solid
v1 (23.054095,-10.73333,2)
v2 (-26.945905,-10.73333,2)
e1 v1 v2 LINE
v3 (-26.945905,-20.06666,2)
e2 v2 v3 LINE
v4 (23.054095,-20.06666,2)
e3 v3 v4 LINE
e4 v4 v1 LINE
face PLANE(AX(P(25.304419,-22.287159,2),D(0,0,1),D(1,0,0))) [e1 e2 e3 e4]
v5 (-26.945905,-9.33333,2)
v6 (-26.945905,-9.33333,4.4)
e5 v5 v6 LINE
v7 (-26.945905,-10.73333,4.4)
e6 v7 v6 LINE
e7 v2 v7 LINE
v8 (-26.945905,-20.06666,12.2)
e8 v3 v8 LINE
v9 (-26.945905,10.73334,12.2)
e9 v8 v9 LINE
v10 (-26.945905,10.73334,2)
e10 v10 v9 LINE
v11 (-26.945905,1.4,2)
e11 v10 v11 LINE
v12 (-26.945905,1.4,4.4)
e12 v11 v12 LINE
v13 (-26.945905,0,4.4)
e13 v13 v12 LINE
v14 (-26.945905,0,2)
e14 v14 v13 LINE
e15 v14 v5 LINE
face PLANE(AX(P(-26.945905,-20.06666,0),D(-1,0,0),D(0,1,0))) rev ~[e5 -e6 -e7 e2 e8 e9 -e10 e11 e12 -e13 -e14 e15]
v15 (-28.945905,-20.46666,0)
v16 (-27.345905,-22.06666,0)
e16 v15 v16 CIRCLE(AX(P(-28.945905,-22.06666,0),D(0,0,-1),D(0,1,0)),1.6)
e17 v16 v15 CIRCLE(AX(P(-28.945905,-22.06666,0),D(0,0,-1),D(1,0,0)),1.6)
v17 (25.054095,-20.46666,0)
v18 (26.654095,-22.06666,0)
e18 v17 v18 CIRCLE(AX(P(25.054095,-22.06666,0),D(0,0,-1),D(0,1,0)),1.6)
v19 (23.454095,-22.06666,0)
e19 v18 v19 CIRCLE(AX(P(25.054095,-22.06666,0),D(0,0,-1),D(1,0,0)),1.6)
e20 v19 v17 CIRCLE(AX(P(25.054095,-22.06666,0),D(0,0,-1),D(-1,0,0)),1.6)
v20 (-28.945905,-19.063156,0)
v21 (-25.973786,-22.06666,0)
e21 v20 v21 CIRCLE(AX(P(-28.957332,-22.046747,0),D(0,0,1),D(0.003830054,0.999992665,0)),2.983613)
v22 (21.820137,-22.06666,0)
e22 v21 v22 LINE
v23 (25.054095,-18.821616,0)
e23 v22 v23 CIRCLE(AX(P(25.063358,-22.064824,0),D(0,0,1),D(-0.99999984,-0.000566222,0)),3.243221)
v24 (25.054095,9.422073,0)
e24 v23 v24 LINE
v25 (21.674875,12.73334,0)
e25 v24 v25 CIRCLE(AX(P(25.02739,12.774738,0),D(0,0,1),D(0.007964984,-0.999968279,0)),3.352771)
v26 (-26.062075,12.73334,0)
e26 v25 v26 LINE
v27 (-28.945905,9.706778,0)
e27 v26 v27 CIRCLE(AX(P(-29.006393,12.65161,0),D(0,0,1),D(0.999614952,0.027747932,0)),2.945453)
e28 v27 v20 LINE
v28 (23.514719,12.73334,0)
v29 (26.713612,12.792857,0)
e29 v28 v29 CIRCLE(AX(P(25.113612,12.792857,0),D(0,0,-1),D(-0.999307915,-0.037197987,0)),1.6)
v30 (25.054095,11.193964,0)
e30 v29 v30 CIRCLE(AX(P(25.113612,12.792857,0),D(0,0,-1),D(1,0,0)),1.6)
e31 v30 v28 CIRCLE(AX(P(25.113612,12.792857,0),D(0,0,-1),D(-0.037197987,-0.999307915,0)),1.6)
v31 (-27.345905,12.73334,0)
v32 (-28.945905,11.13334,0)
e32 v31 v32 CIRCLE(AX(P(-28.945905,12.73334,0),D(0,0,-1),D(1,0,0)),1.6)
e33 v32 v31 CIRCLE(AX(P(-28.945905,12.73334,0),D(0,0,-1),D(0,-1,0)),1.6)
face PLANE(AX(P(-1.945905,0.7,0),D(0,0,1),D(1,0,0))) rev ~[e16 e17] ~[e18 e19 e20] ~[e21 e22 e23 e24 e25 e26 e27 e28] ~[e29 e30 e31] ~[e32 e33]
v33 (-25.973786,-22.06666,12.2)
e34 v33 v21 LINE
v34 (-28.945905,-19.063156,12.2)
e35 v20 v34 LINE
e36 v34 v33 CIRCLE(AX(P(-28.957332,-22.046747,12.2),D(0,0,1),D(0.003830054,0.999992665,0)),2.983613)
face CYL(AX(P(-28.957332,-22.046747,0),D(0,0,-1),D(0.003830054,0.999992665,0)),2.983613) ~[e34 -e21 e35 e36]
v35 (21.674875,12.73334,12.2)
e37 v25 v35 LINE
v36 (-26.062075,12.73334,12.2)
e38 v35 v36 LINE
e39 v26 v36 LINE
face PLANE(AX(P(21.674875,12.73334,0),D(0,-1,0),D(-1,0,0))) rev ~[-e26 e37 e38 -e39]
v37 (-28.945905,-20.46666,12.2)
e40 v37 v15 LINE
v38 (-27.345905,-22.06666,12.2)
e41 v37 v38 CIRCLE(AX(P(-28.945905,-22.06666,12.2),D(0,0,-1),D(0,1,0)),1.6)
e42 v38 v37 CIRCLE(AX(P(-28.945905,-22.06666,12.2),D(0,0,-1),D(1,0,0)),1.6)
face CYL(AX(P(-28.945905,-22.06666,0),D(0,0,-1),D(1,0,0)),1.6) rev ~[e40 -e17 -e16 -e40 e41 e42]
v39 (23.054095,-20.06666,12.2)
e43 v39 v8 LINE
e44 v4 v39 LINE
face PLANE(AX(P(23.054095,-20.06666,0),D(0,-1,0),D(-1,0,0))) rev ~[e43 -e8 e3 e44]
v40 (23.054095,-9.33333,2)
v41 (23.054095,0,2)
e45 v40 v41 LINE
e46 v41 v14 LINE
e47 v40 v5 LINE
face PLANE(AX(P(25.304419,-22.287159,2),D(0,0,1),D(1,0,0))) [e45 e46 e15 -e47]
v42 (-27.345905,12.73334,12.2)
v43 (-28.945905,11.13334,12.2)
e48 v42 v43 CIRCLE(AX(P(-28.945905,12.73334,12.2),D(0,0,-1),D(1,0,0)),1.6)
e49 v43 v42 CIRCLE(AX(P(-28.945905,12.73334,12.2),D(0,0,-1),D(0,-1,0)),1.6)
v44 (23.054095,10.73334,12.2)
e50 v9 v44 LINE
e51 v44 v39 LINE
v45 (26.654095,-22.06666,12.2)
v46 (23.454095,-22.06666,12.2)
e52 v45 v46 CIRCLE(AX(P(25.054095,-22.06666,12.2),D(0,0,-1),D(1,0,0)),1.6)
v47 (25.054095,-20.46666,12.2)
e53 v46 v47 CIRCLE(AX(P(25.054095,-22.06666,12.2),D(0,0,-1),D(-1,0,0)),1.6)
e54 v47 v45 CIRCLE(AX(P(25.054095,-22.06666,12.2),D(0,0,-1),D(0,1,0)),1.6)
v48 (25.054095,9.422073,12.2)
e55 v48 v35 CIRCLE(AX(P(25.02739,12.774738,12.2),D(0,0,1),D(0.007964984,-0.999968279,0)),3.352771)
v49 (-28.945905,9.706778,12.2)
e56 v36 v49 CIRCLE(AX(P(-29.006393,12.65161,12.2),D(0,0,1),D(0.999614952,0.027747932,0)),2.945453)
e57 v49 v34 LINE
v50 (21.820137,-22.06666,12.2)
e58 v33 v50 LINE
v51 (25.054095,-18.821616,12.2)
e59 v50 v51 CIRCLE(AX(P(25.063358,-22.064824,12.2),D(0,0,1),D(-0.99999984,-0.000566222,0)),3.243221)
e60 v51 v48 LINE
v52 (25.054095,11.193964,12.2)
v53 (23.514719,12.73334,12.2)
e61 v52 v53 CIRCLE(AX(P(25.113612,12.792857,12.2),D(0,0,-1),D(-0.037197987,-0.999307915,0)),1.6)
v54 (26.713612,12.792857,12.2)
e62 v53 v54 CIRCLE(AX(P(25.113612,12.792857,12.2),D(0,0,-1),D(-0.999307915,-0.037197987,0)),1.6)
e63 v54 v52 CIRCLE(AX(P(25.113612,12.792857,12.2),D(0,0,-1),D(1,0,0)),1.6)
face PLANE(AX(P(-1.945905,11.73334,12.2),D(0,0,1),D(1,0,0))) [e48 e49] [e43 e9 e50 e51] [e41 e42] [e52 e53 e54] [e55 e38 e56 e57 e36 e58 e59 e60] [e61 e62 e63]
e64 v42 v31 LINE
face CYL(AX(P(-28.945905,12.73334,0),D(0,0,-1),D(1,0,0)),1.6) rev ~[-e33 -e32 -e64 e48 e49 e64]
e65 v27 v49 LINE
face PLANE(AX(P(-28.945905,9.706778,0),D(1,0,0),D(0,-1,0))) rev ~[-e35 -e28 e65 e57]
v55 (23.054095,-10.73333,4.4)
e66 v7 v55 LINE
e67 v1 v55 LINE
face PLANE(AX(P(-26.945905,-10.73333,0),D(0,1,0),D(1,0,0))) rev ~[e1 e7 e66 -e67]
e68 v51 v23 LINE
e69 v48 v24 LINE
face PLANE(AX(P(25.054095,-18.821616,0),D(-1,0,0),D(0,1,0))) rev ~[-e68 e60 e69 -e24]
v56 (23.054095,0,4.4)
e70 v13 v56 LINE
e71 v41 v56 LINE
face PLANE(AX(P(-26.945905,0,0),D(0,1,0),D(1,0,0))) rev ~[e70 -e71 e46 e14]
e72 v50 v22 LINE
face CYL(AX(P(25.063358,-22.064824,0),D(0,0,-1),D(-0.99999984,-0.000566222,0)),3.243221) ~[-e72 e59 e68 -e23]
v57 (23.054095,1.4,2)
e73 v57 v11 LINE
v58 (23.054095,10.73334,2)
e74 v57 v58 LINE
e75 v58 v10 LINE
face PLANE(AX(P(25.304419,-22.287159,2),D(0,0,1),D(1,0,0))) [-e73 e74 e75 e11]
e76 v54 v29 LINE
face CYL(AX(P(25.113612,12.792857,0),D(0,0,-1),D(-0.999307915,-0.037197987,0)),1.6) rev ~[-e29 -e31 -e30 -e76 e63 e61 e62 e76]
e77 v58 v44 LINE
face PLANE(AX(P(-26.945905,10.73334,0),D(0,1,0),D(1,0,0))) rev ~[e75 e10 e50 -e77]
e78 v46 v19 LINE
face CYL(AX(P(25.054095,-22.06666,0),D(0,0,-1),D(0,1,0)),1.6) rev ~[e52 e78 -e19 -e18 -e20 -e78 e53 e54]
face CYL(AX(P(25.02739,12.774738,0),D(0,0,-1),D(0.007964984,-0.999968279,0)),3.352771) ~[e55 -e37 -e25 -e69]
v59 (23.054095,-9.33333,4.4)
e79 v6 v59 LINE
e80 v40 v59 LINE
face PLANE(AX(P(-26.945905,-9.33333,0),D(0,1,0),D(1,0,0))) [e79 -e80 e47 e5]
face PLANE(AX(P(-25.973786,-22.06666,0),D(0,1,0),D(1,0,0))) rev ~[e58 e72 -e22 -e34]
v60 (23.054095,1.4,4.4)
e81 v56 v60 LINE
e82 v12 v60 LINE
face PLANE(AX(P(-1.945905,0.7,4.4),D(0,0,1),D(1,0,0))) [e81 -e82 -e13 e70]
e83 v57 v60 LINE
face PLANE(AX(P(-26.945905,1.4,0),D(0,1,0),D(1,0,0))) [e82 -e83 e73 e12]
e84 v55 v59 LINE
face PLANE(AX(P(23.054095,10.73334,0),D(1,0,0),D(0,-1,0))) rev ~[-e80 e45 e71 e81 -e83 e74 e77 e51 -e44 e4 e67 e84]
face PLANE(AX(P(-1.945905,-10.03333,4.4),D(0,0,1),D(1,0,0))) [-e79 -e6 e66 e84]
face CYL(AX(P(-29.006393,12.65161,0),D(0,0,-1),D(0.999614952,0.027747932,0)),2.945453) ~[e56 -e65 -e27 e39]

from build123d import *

# Parameters (mm, degrees)
F0_W     = 50
F0_H     = 1.4
F0_H_2   = 9.33334
F0_H_3   = 9.33333
F0_W_2   = 2
F1_DEPTH = 2
F2_DEPTH = 12.2
F3_DEPTH = 4.4


with BuildPart() as f1:
    # F0 (on Top) → F1 (new body)
    with BuildSketch(Plane.XY):
        with BuildLine():
            ThreePointArc((21.8201372772, -22.06666), (27.3605822843, -24.3541997855), (25.0540951786, -18.8216157258))
            Line((25.0540951786, -18.8216157258), (25.0540951786, -20.06666))
            Line((25.0540951786, -20.06666), (25.0540951786, -20.46666))
            ThreePointArc((25.0540951786, -20.46666), (26.1854660285, -20.9352891501), (26.6540951786, -22.06666))
            ThreePointArc((26.6540951786, -22.06666), (25.0540951786, -23.66666), (23.4540951786, -22.06666))
            Line((23.4540951786, -22.06666), (23.0540951786, -22.06666))
            Line((23.0540951786, -22.06666), (21.8201372772, -22.06666))
        make_face()
        with Locations((-1.9459048214, 0.7)):
            Rectangle(F0_W, F0_H)
        with BuildLine():
            Line((-26.9459048214, 12.73334), (-27.3459048214, 12.73334))
            ThreePointArc((-27.3459048214, 12.73334), (-27.8145339715, 11.6019691501), (-28.9459048214, 11.13334))
            Line((-28.9459048214, 11.13334), (-28.9459048214, 10.73334))
            Line((-28.9459048214, 10.73334), (-26.9459048214, 10.73334))
            Line((-26.9459048214, 10.73334), (-26.9459048214, 12.73334))
        make_face()
        with BuildLine():
            Line((-26.9459048214, -22.06666), (-26.9459048214, -20.06666))
            Line((-26.9459048214, -20.06666), (-28.9459048214, -20.06666))
            Line((-28.9459048214, -20.06666), (-28.9459048214, -20.46666))
            ThreePointArc((-28.9459048214, -20.46666), (-27.8145339715, -20.9352891501), (-27.3459048214, -22.06666))
            Line((-27.3459048214, -22.06666), (-26.9459048214, -22.06666))
        make_face()
        with BuildLine():
            Line((23.0540951786, 12.73334), (23.0540951786, 10.73334))
            Line((23.0540951786, 10.73334), (25.0540951786, 10.73334))
            Line((25.0540951786, 10.73334), (25.0540951786, 11.1939641141))
            ThreePointArc((25.0540951786, 11.1939641141), (23.9822411075, 11.6614859288), (23.5147192927, 12.73334))
            Line((23.5147192927, 12.73334), (23.0540951786, 12.73334))
        make_face()
        with Locations((-1.9459048214, 6.06667)):
            Rectangle(F0_W, F0_H_2)
        Polygon((-26.9459048214, 10.73334), (-28.9459048214, 10.73334), (-28.9459048214, 9.7067784518), (-28.9459048214, 1.4), (-26.9459048214, 1.4), align=None)
        with Locations((-1.9459048214, -4.666665)):
            Rectangle(F0_W, F0_H_3)
        with BuildLine():
            ThreePointArc((25.0540951786, 9.4220731407), (27.3739572404, 15.169460212), (21.67487517, 12.73334))
            Line((21.67487517, 12.73334), (23.0540951786, 12.73334))
            Line((23.0540951786, 12.73334), (23.5147192927, 12.73334))
            ThreePointArc((23.5147192927, 12.73334), (25.0838484178, 14.3925799209), (26.7136119574, 12.7928567787))
            ThreePointArc((26.7136119574, 12.7928567787), (26.2237410386, 11.6406356962), (25.0540951786, 11.1939641141))
            Line((25.0540951786, 11.1939641141), (25.0540951786, 10.73334))
            Line((25.0540951786, 10.73334), (25.0540951786, 9.4220731407))
        make_face()
        with Locations((24.0540951786, -10.03333)):
            Rectangle(F0_W_2, F0_H)
        with BuildLine():
            ThreePointArc((-28.9459048214, 11.13334), (-30.0772756713, 13.8647108499), (-27.3459048214, 12.73334))
            Line((-27.3459048214, 12.73334), (-26.9459048214, 12.73334))
            Line((-26.9459048214, 12.73334), (-26.0620750487, 12.73334))
            ThreePointArc((-26.0620750487, 12.73334), (-31.1388180647, 14.6834699023), (-28.9459048214, 9.7067784518))
            Line((-28.9459048214, 9.7067784518), (-28.9459048214, 10.73334))
            Line((-28.9459048214, 10.73334), (-28.9459048214, 11.13334))
        make_face()
        with BuildLine():
            Line((-28.9459048214, -20.06666), (-28.9459048214, -19.0631560981))
            ThreePointArc((-28.9459048214, -19.0631560981), (-31.0781165452, -24.1453706629), (-25.9737856686, -22.06666))
            Line((-25.9737856686, -22.06666), (-26.9459048214, -22.06666))
            Line((-26.9459048214, -22.06666), (-27.3459048214, -22.06666))
            ThreePointArc((-27.3459048214, -22.06666), (-30.0772756713, -23.1980308499), (-28.9459048214, -20.46666))
            Line((-28.9459048214, -20.46666), (-28.9459048214, -20.06666))
        make_face()
        Polygon((-26.0620750487, 12.73334), (-26.9459048214, 12.73334), (-26.9459048214, 10.73334), (23.0540951786, 10.73334), (23.0540951786, 12.73334), (21.67487517, 12.73334), align=None)
        Polygon((23.0540951786, -20.06666), (-26.9459048214, -20.06666), (-26.9459048214, -22.06666), (-25.9737856686, -22.06666), (21.8201372772, -22.06666), (23.0540951786, -22.06666), align=None)
        with Locations((-27.9459048214, 0.7)):
            Rectangle(F0_W_2, F0_H)
        with Locations((24.0540951786, 0.7)):
            Rectangle(F0_W_2, F0_H)
        with Locations((-27.9459048214, -4.666665)):
            Rectangle(F0_W_2, F0_H_3)
        with Locations((24.0540951786, -4.666665)):
            Rectangle(F0_W_2, F0_H_3)
        with Locations((-27.9459048214, -10.03333)):
            Rectangle(F0_W_2, F0_H)
        with Locations((-1.9459048214, -15.399995)):
            Rectangle(F0_W, F0_H_3)
        with BuildLine():
            Line((25.0540951786, -20.06666), (23.0540951786, -20.06666))
            Line((23.0540951786, -20.06666), (23.0540951786, -22.06666))
            Line((23.0540951786, -22.06666), (23.4540951786, -22.06666))
            ThreePointArc((23.4540951786, -22.06666), (23.9227243287, -20.9352891501), (25.0540951786, -20.46666))
            Line((25.0540951786, -20.46666), (25.0540951786, -20.06666))
        make_face()
        Polygon((-26.9459048214, -20.06666), (-26.9459048214, -10.73333), (-28.9459048214, -10.73333), (-28.9459048214, -19.0631560981), (-28.9459048214, -20.06666), align=None)
        Polygon((25.0540951786, 10.73334), (23.0540951786, 10.73334), (23.0540951786, 1.4), (25.0540951786, 1.4), (25.0540951786, 9.4220731407), align=None)
        with Locations((-1.9459048214, -10.03333)):
            Rectangle(F0_W, F0_H)
        Polygon((25.0540951786, -10.73333), (23.0540951786, -10.73333), (23.0540951786, -20.06666), (25.0540951786, -20.06666), (25.0540951786, -18.8216157258), align=None)
    extrude(amount=F1_DEPTH)

    # F0 (on Top) → F2 (join)
    with BuildSketch(Plane.XY):
        Polygon((-26.0620750487, 12.73334), (-26.9459048214, 12.73334), (-26.9459048214, 10.73334), (23.0540951786, 10.73334), (23.0540951786, 12.73334), (21.67487517, 12.73334), align=None)
        Polygon((-26.9459048214, 10.73334), (-28.9459048214, 10.73334), (-28.9459048214, 9.7067784518), (-28.9459048214, 1.4), (-26.9459048214, 1.4), align=None)
        with Locations((-27.9459048214, -4.666665)):
            Rectangle(F0_W_2, F0_H_3)
        Polygon((-26.9459048214, -20.06666), (-26.9459048214, -10.73333), (-28.9459048214, -10.73333), (-28.9459048214, -19.0631560981), (-28.9459048214, -20.06666), align=None)
        Polygon((23.0540951786, -20.06666), (-26.9459048214, -20.06666), (-26.9459048214, -22.06666), (-25.9737856686, -22.06666), (21.8201372772, -22.06666), (23.0540951786, -22.06666), align=None)
        Polygon((25.0540951786, -10.73333), (23.0540951786, -10.73333), (23.0540951786, -20.06666), (25.0540951786, -20.06666), (25.0540951786, -18.8216157258), align=None)
        with Locations((24.0540951786, -4.666665)):
            Rectangle(F0_W_2, F0_H_3)
        with Locations((24.0540951786, -10.03333)):
            Rectangle(F0_W_2, F0_H)
        with Locations((-27.9459048214, -10.03333)):
            Rectangle(F0_W_2, F0_H)
        Polygon((25.0540951786, 10.73334), (23.0540951786, 10.73334), (23.0540951786, 1.4), (25.0540951786, 1.4), (25.0540951786, 9.4220731407), align=None)
        with Locations((24.0540951786, 0.7)):
            Rectangle(F0_W_2, F0_H)
        with Locations((-27.9459048214, 0.7)):
            Rectangle(F0_W_2, F0_H)
        with BuildLine():
            ThreePointArc((25.0540951786, 9.4220731407), (27.3739572404, 15.169460212), (21.67487517, 12.73334))
            Line((21.67487517, 12.73334), (23.0540951786, 12.73334))
            Line((23.0540951786, 12.73334), (23.5147192927, 12.73334))
            ThreePointArc((23.5147192927, 12.73334), (25.0838484178, 14.3925799209), (26.7136119574, 12.7928567787))
            ThreePointArc((26.7136119574, 12.7928567787), (26.2237410386, 11.6406356962), (25.0540951786, 11.1939641141))
            Line((25.0540951786, 11.1939641141), (25.0540951786, 10.73334))
            Line((25.0540951786, 10.73334), (25.0540951786, 9.4220731407))
        make_face()
        with BuildLine():
            ThreePointArc((21.8201372772, -22.06666), (27.3605822843, -24.3541997855), (25.0540951786, -18.8216157258))
            Line((25.0540951786, -18.8216157258), (25.0540951786, -20.06666))
            Line((25.0540951786, -20.06666), (25.0540951786, -20.46666))
            ThreePointArc((25.0540951786, -20.46666), (26.1854660285, -20.9352891501), (26.6540951786, -22.06666))
            ThreePointArc((26.6540951786, -22.06666), (25.0540951786, -23.66666), (23.4540951786, -22.06666))
            Line((23.4540951786, -22.06666), (23.0540951786, -22.06666))
            Line((23.0540951786, -22.06666), (21.8201372772, -22.06666))
        make_face()
        with BuildLine():
            Line((25.0540951786, -20.06666), (23.0540951786, -20.06666))
            Line((23.0540951786, -20.06666), (23.0540951786, -22.06666))
            Line((23.0540951786, -22.06666), (23.4540951786, -22.06666))
            ThreePointArc((23.4540951786, -22.06666), (23.9227243287, -20.9352891501), (25.0540951786, -20.46666))
            Line((25.0540951786, -20.46666), (25.0540951786, -20.06666))
        make_face()
        with BuildLine():
            Line((23.0540951786, 12.73334), (23.0540951786, 10.73334))
            Line((23.0540951786, 10.73334), (25.0540951786, 10.73334))
            Line((25.0540951786, 10.73334), (25.0540951786, 11.1939641141))
            ThreePointArc((25.0540951786, 11.1939641141), (23.9822411075, 11.6614859288), (23.5147192927, 12.73334))
            Line((23.5147192927, 12.73334), (23.0540951786, 12.73334))
        make_face()
        with BuildLine():
            Line((-26.9459048214, -22.06666), (-26.9459048214, -20.06666))
            Line((-26.9459048214, -20.06666), (-28.9459048214, -20.06666))
            Line((-28.9459048214, -20.06666), (-28.9459048214, -20.46666))
            ThreePointArc((-28.9459048214, -20.46666), (-27.8145339715, -20.9352891501), (-27.3459048214, -22.06666))
            Line((-27.3459048214, -22.06666), (-26.9459048214, -22.06666))
        make_face()
        with BuildLine():
            Line((-28.9459048214, -20.06666), (-28.9459048214, -19.0631560981))
            ThreePointArc((-28.9459048214, -19.0631560981), (-31.0781165452, -24.1453706629), (-25.9737856686, -22.06666))
            Line((-25.9737856686, -22.06666), (-26.9459048214, -22.06666))
            Line((-26.9459048214, -22.06666), (-27.3459048214, -22.06666))
            ThreePointArc((-27.3459048214, -22.06666), (-30.0772756713, -23.1980308499), (-28.9459048214, -20.46666))
            Line((-28.9459048214, -20.46666), (-28.9459048214, -20.06666))
        make_face()
        with BuildLine():
            ThreePointArc((-28.9459048214, 11.13334), (-30.0772756713, 13.8647108499), (-27.3459048214, 12.73334))
            Line((-27.3459048214, 12.73334), (-26.9459048214, 12.73334))
            Line((-26.9459048214, 12.73334), (-26.0620750487, 12.73334))
            ThreePointArc((-26.0620750487, 12.73334), (-31.1388180647, 14.6834699023), (-28.9459048214, 9.7067784518))
            Line((-28.9459048214, 9.7067784518), (-28.9459048214, 10.73334))
            Line((-28.9459048214, 10.73334), (-28.9459048214, 11.13334))
        make_face()
        with BuildLine():
            Line((-26.9459048214, 12.73334), (-27.3459048214, 12.73334))
            ThreePointArc((-27.3459048214, 12.73334), (-27.8145339715, 11.6019691501), (-28.9459048214, 11.13334))
            Line((-28.9459048214, 11.13334), (-28.9459048214, 10.73334))
            Line((-28.9459048214, 10.73334), (-26.9459048214, 10.73334))
            Line((-26.9459048214, 10.73334), (-26.9459048214, 12.73334))
        make_face()
    extrude(amount=F2_DEPTH)

    # F0 (on Top) → F3 (join)
    with BuildSketch(Plane.XY):
        with Locations((-1.9459048214, 0.7)):
            Rectangle(F0_W, F0_H)
        with Locations((-1.9459048214, -10.03333)):
            Rectangle(F0_W, F0_H)
    extrude(amount=F3_DEPTH)


solid = f1.part
